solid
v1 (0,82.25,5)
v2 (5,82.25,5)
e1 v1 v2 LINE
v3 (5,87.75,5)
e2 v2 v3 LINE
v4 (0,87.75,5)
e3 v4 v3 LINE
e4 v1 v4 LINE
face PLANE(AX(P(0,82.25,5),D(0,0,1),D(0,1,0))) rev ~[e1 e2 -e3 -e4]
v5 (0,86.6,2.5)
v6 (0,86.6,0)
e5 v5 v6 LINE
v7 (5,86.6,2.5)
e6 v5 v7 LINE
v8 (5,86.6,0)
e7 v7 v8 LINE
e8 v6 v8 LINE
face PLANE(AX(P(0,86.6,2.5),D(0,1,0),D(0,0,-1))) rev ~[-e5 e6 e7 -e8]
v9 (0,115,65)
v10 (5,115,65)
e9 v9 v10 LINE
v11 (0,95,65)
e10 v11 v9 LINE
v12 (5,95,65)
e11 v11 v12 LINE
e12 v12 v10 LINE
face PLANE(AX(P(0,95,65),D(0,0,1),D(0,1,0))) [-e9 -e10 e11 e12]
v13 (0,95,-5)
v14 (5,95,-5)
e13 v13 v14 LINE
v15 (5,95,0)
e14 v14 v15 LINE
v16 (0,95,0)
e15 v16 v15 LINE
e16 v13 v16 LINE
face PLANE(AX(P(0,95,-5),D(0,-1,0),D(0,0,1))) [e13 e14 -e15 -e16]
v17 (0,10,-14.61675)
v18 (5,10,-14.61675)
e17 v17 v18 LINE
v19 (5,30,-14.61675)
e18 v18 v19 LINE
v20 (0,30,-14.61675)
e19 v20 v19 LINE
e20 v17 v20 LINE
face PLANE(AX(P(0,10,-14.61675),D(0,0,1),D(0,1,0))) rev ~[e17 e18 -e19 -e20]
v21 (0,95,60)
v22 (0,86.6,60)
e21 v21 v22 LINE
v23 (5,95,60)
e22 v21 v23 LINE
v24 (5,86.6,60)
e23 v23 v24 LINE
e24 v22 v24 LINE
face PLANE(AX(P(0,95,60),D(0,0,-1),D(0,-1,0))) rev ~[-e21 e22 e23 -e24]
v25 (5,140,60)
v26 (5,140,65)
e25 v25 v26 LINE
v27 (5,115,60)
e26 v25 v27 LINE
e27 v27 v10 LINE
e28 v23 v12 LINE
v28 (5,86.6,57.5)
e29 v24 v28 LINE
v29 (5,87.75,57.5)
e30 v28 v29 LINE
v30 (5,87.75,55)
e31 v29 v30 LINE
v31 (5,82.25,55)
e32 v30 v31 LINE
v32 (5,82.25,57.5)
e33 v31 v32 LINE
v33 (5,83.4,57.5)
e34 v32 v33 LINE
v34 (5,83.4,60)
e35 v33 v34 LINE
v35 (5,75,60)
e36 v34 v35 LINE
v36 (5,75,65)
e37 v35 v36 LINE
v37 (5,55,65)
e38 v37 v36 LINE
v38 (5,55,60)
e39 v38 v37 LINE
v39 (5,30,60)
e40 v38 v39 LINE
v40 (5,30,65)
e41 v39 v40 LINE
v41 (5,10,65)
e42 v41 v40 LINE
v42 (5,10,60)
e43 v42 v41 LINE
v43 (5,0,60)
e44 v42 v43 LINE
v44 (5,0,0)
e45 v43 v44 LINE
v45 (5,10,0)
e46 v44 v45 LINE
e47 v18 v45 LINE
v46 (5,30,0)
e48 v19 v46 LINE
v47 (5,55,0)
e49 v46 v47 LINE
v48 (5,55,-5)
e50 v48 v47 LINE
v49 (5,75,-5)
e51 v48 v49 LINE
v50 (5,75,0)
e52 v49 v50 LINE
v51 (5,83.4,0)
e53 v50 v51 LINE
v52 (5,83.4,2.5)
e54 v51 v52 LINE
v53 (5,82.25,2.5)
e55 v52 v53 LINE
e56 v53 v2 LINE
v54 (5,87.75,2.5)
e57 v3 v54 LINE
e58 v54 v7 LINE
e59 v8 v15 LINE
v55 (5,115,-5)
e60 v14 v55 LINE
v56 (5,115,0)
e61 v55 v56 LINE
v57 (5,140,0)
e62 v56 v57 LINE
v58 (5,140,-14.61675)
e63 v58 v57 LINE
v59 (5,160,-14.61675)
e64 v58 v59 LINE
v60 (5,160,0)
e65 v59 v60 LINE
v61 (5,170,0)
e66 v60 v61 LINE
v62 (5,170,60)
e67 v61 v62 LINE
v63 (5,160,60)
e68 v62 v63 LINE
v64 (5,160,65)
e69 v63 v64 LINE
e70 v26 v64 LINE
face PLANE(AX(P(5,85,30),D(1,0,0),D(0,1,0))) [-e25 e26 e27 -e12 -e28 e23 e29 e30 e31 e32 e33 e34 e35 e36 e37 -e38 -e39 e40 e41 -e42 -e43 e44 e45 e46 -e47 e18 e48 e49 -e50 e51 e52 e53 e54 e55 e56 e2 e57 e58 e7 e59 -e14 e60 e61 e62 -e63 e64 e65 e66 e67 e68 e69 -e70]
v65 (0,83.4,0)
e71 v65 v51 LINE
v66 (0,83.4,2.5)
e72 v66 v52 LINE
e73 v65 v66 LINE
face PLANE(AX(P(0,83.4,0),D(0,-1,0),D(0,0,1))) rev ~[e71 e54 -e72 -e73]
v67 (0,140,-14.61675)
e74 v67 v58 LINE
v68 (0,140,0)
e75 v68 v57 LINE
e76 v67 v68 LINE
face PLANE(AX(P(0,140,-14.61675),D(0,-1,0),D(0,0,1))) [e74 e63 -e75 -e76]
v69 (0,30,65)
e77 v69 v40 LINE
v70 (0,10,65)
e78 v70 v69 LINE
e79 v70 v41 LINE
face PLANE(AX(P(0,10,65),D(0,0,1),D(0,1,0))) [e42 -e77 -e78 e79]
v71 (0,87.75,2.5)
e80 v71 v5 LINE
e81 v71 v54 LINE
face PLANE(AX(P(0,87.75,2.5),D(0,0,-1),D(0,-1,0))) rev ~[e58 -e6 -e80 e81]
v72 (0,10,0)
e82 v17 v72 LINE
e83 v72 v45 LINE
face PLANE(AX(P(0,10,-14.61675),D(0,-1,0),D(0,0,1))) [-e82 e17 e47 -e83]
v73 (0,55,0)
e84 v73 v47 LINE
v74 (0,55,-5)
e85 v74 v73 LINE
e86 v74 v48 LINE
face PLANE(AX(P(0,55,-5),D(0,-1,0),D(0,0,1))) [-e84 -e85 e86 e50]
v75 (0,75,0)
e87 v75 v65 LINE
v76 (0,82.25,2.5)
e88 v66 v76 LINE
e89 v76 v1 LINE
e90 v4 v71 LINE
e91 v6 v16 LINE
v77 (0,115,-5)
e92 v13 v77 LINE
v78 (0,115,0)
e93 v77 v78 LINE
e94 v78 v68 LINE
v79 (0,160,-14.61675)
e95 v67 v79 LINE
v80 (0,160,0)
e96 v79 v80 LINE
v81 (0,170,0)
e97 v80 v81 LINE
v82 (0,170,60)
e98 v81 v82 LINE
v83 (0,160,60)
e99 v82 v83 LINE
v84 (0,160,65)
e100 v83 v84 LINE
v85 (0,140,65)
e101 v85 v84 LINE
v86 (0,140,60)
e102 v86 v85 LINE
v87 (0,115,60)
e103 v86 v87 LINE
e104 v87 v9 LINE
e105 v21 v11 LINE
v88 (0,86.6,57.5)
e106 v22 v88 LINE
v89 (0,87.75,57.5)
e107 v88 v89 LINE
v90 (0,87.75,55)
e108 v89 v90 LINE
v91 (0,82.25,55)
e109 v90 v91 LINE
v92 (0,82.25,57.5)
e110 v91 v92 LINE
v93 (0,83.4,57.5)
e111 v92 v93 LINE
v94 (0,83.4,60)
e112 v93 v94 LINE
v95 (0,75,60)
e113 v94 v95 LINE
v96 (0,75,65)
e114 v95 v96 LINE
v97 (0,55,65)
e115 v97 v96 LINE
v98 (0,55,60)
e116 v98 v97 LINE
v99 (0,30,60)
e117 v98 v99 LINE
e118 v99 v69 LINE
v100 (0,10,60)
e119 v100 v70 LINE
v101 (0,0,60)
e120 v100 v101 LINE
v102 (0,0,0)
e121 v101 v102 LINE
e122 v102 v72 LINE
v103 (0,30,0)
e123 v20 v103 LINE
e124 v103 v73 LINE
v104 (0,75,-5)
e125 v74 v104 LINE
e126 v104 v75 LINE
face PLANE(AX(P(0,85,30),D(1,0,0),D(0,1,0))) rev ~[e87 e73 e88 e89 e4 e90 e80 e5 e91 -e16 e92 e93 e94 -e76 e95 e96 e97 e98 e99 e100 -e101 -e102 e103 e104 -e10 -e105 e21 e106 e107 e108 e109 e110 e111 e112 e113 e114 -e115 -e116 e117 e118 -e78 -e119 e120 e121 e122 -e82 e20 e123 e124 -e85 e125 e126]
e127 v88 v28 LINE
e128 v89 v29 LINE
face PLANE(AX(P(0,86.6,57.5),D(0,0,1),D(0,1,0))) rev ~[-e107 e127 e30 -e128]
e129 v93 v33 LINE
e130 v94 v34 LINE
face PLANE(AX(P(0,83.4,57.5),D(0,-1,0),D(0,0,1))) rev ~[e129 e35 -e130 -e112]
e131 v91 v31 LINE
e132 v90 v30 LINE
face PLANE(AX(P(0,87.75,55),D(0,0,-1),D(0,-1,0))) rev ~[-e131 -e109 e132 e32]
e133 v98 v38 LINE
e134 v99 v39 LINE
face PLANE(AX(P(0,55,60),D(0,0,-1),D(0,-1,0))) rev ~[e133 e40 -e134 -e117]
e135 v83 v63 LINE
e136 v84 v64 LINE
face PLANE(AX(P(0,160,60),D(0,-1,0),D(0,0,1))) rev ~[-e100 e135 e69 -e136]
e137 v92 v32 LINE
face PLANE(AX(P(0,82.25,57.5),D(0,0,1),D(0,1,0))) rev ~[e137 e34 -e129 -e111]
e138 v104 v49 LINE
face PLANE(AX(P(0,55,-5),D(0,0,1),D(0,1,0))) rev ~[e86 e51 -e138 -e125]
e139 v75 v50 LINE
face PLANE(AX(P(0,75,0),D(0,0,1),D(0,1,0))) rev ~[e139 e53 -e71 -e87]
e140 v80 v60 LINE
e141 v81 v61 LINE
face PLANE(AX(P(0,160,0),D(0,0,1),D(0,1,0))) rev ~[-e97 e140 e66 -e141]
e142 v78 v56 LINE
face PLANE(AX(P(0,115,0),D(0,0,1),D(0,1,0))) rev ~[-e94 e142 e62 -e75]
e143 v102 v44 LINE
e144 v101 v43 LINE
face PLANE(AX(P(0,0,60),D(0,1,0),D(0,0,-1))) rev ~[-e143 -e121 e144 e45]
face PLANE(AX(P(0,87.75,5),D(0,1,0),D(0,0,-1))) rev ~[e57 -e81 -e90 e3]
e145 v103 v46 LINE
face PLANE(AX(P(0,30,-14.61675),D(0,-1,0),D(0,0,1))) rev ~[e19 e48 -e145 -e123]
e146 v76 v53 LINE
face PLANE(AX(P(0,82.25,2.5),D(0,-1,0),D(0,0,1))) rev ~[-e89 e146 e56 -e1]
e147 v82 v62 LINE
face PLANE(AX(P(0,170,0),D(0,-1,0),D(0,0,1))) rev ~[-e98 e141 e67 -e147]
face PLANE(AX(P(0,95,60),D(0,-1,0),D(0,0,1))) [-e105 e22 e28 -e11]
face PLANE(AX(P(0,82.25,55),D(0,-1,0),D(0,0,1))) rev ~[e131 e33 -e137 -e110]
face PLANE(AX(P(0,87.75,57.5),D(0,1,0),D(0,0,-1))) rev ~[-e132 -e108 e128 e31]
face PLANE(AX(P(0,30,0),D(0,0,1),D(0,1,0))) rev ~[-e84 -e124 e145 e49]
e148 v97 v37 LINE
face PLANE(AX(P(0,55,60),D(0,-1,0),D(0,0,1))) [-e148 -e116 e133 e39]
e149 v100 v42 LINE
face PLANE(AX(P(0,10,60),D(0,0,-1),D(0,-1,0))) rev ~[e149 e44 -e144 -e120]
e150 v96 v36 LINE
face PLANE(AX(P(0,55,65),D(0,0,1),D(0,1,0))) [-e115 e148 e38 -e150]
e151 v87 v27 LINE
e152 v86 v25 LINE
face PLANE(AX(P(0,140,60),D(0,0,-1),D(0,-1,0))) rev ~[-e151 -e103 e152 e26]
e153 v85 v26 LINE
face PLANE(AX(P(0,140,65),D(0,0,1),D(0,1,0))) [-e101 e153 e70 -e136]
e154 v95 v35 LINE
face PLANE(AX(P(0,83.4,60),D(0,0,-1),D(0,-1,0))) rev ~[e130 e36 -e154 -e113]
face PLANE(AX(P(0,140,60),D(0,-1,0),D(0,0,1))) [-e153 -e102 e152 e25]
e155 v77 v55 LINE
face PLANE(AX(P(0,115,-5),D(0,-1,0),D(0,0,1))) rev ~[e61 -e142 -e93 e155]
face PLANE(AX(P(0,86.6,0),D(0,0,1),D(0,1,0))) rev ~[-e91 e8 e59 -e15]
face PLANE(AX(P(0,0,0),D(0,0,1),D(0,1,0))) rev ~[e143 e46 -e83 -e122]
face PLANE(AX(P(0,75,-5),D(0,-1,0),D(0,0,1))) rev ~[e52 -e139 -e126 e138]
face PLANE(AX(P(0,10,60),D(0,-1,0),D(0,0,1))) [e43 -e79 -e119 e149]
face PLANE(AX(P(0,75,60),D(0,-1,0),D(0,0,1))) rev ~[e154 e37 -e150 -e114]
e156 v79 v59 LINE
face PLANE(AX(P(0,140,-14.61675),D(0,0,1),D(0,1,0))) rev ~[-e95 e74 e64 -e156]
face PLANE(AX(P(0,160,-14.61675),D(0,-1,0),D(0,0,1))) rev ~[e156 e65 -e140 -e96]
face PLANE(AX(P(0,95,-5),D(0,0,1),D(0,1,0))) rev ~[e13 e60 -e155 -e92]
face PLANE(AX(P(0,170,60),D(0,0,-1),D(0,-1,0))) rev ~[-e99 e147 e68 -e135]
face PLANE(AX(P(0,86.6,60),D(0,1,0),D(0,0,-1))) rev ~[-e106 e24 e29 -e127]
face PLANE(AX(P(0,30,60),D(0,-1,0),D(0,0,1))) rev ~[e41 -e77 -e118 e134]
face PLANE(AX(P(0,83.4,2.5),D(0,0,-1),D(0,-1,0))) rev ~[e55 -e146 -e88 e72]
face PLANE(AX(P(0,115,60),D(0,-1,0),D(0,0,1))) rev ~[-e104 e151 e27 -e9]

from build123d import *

# Parameters (mm, degrees)
F1_W     = 20
F1_H     = 14.6167501807
F1_H_2   = 5
F2_DEPTH = 5


with BuildPart() as f2:
    # F1 (on Right) → F2 (new body)
    with BuildSketch(Plane.YZ):
        Polygon((0, 60), (0, 0), (10, 0), (30, 0), (55, 0), (75, 0), (83.4, 0), (83.4, 2.5), (82.25, 2.5), (82.25, 5), (85, 5), (87.75, 5), (87.75, 2.5), (86.6, 2.5), (86.6, 0), (95, 0), (115, 0), (140, 0), (160, 0), (170, 0), (170, 60), (160, 60), (140, 60), (115, 60), (95, 60), (86.6, 60), (86.6, 57.5), (87.75, 57.5), (87.75, 55), (85, 55), (82.25, 55), (82.25, 57.5), (83.4, 57.5), (83.4, 60), (75, 60), (55, 60), (30, 60), (10, 60), align=None)
        with Locations((20, -7.3083750904)):
            Rectangle(F1_W, F1_H)
        with Locations((20, 62.5)):
            Rectangle(F1_W, F1_H_2)
        with Locations((65, -2.5)):
            Rectangle(F1_W, F1_H_2)
        with Locations((65, 62.5)):
            Rectangle(F1_W, F1_H_2)
        with Locations((105, -2.5)):
            Rectangle(F1_W, F1_H_2)
        with Locations((105, 62.5)):
            Rectangle(F1_W, F1_H_2)
        with Locations((150, -7.3083750904)):
            Rectangle(F1_W, F1_H)
        with Locations((150, 62.5)):
            Rectangle(F1_W, F1_H_2)
    extrude(amount=F2_DEPTH)


solid = f2.part
